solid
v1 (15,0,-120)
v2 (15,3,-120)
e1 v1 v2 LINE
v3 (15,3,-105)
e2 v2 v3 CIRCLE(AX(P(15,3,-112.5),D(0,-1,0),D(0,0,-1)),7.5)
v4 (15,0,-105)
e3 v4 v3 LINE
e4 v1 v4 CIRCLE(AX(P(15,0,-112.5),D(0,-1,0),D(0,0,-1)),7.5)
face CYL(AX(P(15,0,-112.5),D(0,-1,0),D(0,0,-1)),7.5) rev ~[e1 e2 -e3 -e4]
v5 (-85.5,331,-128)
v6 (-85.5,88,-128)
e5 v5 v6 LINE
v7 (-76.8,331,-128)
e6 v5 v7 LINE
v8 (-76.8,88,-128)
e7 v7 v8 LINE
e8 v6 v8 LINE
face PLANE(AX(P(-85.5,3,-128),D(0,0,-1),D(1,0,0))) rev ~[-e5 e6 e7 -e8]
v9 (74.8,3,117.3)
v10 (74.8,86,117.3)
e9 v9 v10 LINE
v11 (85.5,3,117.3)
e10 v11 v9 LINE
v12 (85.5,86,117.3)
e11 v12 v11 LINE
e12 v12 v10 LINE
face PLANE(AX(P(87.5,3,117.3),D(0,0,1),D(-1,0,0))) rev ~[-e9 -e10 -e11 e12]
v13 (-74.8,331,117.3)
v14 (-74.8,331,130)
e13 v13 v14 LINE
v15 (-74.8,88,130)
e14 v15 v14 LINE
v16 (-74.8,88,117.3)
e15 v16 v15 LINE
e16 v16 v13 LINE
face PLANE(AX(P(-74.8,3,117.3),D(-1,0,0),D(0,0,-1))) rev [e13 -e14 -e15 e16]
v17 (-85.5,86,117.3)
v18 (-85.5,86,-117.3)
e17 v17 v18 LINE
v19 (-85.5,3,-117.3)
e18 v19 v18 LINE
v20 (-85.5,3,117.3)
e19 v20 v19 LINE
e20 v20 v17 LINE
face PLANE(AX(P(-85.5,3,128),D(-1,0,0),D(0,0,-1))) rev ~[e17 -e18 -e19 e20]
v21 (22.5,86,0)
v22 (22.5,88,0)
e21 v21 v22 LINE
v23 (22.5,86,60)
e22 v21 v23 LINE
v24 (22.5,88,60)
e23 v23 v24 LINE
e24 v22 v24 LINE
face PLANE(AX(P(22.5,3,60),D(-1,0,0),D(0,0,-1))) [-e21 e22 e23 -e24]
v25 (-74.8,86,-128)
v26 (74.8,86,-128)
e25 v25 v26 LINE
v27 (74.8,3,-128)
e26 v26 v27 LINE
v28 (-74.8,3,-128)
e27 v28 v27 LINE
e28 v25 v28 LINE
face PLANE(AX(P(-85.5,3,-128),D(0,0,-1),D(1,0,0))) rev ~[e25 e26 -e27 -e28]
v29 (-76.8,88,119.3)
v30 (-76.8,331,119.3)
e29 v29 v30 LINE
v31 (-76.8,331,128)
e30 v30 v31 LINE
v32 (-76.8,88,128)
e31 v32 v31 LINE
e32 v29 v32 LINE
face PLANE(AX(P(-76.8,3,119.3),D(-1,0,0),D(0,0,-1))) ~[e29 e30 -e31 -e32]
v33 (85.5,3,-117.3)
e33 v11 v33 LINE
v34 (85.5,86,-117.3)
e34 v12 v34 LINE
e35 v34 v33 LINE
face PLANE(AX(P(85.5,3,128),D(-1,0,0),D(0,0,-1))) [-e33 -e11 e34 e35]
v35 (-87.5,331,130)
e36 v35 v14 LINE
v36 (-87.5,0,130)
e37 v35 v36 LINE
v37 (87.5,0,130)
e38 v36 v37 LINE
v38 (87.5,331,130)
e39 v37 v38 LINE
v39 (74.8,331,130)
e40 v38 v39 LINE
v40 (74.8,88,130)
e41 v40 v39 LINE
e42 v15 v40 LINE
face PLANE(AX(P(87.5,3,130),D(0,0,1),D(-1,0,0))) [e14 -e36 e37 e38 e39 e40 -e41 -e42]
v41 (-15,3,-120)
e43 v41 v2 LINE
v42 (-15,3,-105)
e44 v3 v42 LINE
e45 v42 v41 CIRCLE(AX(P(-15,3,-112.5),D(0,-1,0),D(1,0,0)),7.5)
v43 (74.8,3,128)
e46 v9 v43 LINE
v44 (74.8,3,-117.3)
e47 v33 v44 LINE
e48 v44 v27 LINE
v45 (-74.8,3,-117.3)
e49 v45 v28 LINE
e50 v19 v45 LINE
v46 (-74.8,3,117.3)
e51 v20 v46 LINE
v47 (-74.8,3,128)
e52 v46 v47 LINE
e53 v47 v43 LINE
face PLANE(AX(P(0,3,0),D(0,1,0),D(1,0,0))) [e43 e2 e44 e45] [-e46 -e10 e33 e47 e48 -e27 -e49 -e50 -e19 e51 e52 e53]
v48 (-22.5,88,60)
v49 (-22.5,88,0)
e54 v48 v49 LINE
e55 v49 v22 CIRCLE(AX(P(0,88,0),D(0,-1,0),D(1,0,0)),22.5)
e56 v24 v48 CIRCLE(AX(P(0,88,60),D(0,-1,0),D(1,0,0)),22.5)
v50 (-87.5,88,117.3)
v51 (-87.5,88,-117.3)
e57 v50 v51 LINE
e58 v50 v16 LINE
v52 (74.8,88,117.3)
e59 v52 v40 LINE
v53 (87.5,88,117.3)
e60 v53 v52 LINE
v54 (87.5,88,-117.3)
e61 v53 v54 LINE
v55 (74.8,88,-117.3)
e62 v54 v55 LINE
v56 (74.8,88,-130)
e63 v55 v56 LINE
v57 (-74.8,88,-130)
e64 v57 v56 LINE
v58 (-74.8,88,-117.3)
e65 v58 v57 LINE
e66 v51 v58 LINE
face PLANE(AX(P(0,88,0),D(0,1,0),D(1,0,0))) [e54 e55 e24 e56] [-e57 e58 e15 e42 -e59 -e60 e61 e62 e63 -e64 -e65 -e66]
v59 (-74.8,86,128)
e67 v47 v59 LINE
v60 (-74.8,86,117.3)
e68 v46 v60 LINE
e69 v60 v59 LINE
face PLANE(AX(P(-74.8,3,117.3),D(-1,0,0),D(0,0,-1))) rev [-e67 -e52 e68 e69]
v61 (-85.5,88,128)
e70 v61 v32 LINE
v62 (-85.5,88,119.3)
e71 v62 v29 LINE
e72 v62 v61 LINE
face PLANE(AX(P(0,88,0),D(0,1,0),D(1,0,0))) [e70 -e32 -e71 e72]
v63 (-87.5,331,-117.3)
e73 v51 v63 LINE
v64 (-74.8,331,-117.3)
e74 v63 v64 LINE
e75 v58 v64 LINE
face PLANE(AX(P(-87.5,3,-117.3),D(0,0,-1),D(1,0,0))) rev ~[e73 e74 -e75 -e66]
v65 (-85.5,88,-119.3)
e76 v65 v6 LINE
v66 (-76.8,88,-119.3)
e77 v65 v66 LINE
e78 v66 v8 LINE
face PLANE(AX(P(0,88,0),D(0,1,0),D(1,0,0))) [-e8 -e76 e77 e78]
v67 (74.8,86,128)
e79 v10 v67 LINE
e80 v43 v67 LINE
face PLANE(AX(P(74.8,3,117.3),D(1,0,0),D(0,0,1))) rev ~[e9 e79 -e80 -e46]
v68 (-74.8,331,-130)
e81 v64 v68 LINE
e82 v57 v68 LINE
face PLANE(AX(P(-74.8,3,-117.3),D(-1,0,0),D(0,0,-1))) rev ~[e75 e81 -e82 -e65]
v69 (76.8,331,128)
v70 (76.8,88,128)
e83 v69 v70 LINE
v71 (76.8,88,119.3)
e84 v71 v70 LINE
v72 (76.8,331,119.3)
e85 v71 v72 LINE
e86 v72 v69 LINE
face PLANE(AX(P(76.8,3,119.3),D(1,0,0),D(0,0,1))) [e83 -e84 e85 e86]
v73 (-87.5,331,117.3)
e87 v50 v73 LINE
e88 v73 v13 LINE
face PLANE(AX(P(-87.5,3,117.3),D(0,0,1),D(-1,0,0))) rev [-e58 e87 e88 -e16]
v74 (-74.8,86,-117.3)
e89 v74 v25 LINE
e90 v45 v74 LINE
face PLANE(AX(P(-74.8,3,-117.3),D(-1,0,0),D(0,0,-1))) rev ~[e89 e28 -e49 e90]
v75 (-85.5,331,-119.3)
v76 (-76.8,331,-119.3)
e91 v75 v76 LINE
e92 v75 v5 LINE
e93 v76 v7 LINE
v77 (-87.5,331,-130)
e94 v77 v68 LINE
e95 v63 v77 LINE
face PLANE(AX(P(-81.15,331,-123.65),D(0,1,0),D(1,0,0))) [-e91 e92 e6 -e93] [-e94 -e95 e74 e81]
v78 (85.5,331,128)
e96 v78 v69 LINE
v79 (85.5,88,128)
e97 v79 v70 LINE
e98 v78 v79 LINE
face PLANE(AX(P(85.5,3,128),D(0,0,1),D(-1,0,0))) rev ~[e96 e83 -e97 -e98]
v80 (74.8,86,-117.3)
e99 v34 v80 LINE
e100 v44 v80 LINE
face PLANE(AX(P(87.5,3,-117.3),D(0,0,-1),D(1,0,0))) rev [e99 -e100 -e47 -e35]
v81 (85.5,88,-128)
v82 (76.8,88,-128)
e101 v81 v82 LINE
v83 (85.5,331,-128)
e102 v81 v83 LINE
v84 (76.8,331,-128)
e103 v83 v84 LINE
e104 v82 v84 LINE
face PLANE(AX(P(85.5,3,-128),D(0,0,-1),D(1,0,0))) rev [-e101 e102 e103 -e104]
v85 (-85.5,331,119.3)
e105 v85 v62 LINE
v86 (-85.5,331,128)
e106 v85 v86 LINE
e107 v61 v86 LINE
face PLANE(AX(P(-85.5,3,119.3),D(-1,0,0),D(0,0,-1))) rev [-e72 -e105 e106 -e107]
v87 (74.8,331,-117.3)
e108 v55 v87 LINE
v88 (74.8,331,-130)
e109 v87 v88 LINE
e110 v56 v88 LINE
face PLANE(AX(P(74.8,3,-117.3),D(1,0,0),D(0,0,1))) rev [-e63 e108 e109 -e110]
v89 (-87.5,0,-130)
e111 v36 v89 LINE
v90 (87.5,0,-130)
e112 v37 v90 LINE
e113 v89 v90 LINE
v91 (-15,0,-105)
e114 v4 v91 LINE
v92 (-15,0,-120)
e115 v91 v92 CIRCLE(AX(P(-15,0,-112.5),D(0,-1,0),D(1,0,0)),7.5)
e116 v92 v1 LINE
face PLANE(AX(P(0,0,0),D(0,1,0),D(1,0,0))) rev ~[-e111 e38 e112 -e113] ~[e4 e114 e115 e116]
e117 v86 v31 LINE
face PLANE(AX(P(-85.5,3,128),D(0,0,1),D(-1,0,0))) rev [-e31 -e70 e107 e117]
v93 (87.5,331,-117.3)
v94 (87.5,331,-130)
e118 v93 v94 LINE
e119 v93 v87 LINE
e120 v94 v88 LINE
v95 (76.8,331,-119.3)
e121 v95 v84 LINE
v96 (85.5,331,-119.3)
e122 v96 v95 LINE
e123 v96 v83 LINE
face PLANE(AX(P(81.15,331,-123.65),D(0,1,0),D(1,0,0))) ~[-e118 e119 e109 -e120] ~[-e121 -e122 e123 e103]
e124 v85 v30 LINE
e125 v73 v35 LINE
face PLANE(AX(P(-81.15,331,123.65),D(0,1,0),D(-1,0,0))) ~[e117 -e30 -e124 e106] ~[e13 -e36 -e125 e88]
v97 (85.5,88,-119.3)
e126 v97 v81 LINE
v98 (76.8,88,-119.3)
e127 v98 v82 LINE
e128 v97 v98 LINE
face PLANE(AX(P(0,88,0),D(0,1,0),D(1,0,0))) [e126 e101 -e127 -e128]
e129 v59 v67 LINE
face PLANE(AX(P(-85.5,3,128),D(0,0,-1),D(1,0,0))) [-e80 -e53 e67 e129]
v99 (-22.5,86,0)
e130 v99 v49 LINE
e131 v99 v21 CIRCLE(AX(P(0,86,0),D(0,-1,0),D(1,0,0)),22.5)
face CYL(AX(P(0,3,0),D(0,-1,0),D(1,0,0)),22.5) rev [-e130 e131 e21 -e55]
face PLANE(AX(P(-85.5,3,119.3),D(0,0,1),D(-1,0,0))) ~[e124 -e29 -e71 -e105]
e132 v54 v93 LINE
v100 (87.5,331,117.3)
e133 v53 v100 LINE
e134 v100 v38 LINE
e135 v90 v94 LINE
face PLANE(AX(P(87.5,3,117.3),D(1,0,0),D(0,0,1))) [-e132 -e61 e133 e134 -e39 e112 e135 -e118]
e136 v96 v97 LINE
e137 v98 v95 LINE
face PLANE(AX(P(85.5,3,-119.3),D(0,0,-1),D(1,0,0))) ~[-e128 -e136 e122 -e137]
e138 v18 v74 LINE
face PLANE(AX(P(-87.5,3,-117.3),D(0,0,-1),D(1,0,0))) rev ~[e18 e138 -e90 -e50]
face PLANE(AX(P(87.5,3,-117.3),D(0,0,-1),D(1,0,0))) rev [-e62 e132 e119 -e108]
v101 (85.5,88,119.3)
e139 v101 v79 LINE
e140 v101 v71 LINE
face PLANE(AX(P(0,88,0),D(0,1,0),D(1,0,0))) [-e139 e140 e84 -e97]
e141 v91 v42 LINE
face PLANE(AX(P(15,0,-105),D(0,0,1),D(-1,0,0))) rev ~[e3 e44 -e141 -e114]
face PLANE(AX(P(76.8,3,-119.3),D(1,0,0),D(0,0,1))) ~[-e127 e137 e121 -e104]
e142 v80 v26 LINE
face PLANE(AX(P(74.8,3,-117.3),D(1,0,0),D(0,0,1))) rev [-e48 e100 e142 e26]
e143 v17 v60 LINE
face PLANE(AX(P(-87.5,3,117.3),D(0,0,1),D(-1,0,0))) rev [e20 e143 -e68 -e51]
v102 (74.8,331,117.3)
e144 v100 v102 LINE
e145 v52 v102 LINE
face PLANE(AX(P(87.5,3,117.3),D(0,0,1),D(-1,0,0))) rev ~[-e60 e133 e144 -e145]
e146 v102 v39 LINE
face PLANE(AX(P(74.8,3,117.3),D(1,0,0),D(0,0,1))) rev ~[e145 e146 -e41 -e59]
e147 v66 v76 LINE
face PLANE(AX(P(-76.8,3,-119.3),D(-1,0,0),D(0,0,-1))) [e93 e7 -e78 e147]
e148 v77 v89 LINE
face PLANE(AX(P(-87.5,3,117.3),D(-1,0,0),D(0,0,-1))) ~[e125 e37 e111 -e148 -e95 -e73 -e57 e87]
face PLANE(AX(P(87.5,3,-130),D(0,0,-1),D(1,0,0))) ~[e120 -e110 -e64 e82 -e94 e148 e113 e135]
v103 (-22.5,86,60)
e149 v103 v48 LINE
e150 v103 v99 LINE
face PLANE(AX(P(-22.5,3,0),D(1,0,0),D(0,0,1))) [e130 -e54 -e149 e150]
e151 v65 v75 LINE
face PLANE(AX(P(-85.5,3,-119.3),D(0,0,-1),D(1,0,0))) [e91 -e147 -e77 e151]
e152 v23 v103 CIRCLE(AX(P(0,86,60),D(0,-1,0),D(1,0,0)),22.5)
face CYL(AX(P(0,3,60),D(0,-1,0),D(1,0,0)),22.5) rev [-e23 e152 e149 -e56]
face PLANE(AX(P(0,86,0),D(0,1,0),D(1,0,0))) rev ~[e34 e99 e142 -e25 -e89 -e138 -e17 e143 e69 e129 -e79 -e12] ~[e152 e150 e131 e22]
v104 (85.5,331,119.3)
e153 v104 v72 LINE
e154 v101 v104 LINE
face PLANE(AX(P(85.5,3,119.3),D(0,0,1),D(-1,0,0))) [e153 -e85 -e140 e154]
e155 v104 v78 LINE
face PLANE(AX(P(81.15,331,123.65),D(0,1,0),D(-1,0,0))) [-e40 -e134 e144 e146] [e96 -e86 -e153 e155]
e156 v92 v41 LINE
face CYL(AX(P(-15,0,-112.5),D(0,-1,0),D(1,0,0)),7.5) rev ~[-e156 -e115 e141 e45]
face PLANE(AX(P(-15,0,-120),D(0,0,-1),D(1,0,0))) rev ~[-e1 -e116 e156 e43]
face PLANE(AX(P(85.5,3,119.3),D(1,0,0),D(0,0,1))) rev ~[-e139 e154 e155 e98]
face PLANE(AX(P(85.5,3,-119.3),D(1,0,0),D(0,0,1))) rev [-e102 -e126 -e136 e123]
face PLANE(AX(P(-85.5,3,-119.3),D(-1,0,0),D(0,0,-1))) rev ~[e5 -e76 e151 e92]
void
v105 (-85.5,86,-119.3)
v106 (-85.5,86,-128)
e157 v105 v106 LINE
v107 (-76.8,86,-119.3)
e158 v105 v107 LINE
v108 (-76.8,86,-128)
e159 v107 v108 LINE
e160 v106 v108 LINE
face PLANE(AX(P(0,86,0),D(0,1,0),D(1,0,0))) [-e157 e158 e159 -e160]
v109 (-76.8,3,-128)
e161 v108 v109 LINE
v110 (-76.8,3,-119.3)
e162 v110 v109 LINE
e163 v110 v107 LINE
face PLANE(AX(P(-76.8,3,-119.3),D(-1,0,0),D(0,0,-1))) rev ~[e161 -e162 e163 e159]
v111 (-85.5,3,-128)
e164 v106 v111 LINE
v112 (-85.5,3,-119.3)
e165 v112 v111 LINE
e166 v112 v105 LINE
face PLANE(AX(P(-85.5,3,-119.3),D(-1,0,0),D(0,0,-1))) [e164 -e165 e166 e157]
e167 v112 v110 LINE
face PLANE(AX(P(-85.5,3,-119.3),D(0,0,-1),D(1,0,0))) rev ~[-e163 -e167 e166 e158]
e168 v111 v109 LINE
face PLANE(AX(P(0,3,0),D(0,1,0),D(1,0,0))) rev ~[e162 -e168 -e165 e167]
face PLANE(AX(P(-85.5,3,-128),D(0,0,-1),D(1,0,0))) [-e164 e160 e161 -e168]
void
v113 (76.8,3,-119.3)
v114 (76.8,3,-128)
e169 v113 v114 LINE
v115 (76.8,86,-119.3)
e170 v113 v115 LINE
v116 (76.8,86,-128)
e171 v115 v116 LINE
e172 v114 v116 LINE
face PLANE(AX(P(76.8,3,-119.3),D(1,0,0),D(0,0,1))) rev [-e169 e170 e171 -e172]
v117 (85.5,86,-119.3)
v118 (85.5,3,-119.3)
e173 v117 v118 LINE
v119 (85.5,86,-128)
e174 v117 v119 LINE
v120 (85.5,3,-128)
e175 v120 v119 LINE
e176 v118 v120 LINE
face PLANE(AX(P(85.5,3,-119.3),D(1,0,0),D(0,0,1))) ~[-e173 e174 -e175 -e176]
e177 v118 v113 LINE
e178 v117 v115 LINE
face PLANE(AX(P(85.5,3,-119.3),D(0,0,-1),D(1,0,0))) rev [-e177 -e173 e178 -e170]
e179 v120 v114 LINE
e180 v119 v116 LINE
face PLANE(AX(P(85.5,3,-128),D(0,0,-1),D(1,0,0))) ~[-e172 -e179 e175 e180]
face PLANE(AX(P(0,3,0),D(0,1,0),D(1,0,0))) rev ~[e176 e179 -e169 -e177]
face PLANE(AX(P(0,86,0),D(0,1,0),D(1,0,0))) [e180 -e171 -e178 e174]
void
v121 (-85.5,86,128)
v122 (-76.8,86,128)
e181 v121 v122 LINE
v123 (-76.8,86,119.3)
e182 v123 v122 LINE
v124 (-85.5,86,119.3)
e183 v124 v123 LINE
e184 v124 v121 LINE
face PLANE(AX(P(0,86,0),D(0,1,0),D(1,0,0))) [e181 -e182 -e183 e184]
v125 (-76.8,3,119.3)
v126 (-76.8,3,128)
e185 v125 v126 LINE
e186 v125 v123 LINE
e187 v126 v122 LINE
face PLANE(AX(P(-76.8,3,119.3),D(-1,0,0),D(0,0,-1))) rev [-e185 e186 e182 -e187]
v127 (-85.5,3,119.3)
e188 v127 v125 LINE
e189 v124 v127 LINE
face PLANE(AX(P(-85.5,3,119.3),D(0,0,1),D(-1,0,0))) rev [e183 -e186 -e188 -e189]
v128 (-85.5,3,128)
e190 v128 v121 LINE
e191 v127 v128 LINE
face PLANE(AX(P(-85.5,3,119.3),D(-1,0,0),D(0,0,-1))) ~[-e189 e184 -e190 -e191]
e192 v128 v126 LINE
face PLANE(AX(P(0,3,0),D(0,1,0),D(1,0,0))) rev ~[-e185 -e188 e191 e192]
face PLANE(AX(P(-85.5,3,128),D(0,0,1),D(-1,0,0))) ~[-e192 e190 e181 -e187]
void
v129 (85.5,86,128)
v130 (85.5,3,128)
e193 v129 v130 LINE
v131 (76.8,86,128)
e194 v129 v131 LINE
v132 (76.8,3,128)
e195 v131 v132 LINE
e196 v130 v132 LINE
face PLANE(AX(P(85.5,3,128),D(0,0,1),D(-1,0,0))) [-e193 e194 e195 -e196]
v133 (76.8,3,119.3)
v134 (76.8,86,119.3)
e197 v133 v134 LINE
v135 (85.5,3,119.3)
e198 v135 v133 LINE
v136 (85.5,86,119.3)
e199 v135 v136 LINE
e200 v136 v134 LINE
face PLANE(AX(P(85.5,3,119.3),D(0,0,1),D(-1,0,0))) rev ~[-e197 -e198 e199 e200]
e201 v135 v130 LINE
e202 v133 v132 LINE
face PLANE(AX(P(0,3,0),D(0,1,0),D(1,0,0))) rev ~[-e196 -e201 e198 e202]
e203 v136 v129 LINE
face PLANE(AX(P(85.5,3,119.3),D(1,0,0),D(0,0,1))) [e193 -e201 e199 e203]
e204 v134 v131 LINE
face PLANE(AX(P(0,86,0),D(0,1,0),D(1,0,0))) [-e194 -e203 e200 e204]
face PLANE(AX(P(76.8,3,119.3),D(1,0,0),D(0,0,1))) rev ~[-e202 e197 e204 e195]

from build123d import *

# Parameters (mm, degrees)
SKETCH1_W                 = 175
SKETCH1_H                 = 260
BOSS_EXTRUDE1_DEPTH       = 3
SKETCH3_W                 = 12.7
SKETCH3_H                 = 12.7
SKETCH3_W_2               = 8.7
SKETCH3_H_2               = 8.7
EXTRUDE_THIN1_DEPTH       = 328
MIRROR2_COPY_1_SKETCH_W   = 12.7
MIRROR2_COPY_1_SKETCH_H   = 12.7
MIRROR2_COPY_1_SKETCH_W_2 = 8.7
MIRROR2_COPY_1_SKETCH_H_2 = 8.7
MIRROR2_COPY_1_DEPTH      = 328
SKETCH5_W                 = 175
SKETCH5_H                 = 260
SKETCH5_W_2               = 171
SKETCH5_H_2               = 256
EXTRUDE_THIN2_DEPTH       = 83
SKETCH6_W                 = 175
SKETCH6_H                 = 260
BOSS_EXTRUDE2_DEPTH       = 2
SKETCH8_R                 = 22.5
CUT_EXTRUDE1_DEPTH        = 364.51100396
SKETCH9_R                 = 7.5
CUT_EXTRUDE2_DEPTH        = 3


with BuildPart() as part:
    # Sketch1 → Boss-Extrude1 (new body)
    with BuildSketch(Plane(origin=(0, 0, 0), x_dir=(1, 0, 0), z_dir=(0, 1, 0))):
        Rectangle(SKETCH1_W, SKETCH1_H)
    extrude(amount=BOSS_EXTRUDE1_DEPTH)

    # Sketch3 → Extrude-Thin1 (add)
    with BuildSketch(Plane(origin=(0, 3, 0), x_dir=(1, 0, 0), z_dir=(0, 1, 0))):
        with Locations((-81.15, 123.65)):
            Rectangle(SKETCH3_W, SKETCH3_H)
        with Locations((-81.15, 123.65)):
            Rectangle(SKETCH3_W_2, SKETCH3_H_2, mode=Mode.SUBTRACT)
    extrude_thin1 = extrude(amount=EXTRUDE_THIN1_DEPTH)

    # Mirror1: Extrude-Thin1 across plane
    add(extrude_thin1.mirror(Plane(origin=(0, 0, 0), x_dir=(0, 0, 1), z_dir=(1, 0, 0))))

    # Mirror2: Extrude-Thin1 across plane
    add(extrude_thin1.mirror(Plane.XY))

    # Mirror2 copy 1 sketch → Mirror2 copy 1 (add)
    with BuildSketch(Plane(origin=(0, 3, 0), x_dir=(-1, 0, 0), z_dir=(0, 1, 0))):
        with Locations((-81.15, 123.65)):
            Rectangle(MIRROR2_COPY_1_SKETCH_W, MIRROR2_COPY_1_SKETCH_H)
        with Locations((-81.15, 123.65)):
            Rectangle(MIRROR2_COPY_1_SKETCH_W_2, MIRROR2_COPY_1_SKETCH_H_2, mode=Mode.SUBTRACT)
    extrude(amount=MIRROR2_COPY_1_DEPTH)

    # Sketch5 → Extrude-Thin2 (add)
    with BuildSketch(Plane(origin=(0, 3, 0), x_dir=(1, 0, 0), z_dir=(0, 1, 0))):
        Rectangle(SKETCH5_W, SKETCH5_H)
        Rectangle(SKETCH5_W_2, SKETCH5_H_2, mode=Mode.SUBTRACT)
    extrude(amount=EXTRUDE_THIN2_DEPTH)

    # Sketch6 → Boss-Extrude2 (add)
    with BuildSketch(Plane(origin=(0, 86, 0), x_dir=(1, 0, 0), z_dir=(0, 1, 0))):
        Rectangle(SKETCH6_W, SKETCH6_H)
    extrude(amount=BOSS_EXTRUDE2_DEPTH)

    # Sketch8 → Cut-Extrude1 (cut, through all)
    with BuildSketch(Plane(origin=(0, 3, 0), x_dir=(1, 0, 0), z_dir=(0, 1, 0))):
        with Locations((0, -60)):
            Circle(SKETCH8_R)
        with BuildLine():
            ThreePointArc((22.5, 0), (0, -22.5), (-22.5, 0))
            Line((-22.5, 0), (-22.5, -60))
            ThreePointArc((-22.5, -60), (0, -37.5), (22.5, -60))
            Line((22.5, -60), (22.5, 0))
        make_face()
        Circle(SKETCH8_R)
    extrude(amount=CUT_EXTRUDE1_DEPTH, mode=Mode.SUBTRACT)

    # Sketch9 → Cut-Extrude2 (cut)
    with BuildSketch(Plane.XZ):
        with Locations((-15, -112.5)):
            Circle(SKETCH9_R)
        with BuildLine():
            Line((15, -105), (-15, -105))
            ThreePointArc((-15, -105), (-9.696699141, -107.196699141), (-7.5, -112.5))
            ThreePointArc((-7.5, -112.5), (-9.696699141, -117.803300859), (-15, -120))
            Line((-15, -120), (15, -120))
            ThreePointArc((15, -120), (7.5, -112.5), (15, -105))
        make_face()
        with Locations((15, -112.5)):
            Circle(SKETCH9_R)
    extrude(amount=-CUT_EXTRUDE2_DEPTH, mode=Mode.SUBTRACT)


solid = part.part
